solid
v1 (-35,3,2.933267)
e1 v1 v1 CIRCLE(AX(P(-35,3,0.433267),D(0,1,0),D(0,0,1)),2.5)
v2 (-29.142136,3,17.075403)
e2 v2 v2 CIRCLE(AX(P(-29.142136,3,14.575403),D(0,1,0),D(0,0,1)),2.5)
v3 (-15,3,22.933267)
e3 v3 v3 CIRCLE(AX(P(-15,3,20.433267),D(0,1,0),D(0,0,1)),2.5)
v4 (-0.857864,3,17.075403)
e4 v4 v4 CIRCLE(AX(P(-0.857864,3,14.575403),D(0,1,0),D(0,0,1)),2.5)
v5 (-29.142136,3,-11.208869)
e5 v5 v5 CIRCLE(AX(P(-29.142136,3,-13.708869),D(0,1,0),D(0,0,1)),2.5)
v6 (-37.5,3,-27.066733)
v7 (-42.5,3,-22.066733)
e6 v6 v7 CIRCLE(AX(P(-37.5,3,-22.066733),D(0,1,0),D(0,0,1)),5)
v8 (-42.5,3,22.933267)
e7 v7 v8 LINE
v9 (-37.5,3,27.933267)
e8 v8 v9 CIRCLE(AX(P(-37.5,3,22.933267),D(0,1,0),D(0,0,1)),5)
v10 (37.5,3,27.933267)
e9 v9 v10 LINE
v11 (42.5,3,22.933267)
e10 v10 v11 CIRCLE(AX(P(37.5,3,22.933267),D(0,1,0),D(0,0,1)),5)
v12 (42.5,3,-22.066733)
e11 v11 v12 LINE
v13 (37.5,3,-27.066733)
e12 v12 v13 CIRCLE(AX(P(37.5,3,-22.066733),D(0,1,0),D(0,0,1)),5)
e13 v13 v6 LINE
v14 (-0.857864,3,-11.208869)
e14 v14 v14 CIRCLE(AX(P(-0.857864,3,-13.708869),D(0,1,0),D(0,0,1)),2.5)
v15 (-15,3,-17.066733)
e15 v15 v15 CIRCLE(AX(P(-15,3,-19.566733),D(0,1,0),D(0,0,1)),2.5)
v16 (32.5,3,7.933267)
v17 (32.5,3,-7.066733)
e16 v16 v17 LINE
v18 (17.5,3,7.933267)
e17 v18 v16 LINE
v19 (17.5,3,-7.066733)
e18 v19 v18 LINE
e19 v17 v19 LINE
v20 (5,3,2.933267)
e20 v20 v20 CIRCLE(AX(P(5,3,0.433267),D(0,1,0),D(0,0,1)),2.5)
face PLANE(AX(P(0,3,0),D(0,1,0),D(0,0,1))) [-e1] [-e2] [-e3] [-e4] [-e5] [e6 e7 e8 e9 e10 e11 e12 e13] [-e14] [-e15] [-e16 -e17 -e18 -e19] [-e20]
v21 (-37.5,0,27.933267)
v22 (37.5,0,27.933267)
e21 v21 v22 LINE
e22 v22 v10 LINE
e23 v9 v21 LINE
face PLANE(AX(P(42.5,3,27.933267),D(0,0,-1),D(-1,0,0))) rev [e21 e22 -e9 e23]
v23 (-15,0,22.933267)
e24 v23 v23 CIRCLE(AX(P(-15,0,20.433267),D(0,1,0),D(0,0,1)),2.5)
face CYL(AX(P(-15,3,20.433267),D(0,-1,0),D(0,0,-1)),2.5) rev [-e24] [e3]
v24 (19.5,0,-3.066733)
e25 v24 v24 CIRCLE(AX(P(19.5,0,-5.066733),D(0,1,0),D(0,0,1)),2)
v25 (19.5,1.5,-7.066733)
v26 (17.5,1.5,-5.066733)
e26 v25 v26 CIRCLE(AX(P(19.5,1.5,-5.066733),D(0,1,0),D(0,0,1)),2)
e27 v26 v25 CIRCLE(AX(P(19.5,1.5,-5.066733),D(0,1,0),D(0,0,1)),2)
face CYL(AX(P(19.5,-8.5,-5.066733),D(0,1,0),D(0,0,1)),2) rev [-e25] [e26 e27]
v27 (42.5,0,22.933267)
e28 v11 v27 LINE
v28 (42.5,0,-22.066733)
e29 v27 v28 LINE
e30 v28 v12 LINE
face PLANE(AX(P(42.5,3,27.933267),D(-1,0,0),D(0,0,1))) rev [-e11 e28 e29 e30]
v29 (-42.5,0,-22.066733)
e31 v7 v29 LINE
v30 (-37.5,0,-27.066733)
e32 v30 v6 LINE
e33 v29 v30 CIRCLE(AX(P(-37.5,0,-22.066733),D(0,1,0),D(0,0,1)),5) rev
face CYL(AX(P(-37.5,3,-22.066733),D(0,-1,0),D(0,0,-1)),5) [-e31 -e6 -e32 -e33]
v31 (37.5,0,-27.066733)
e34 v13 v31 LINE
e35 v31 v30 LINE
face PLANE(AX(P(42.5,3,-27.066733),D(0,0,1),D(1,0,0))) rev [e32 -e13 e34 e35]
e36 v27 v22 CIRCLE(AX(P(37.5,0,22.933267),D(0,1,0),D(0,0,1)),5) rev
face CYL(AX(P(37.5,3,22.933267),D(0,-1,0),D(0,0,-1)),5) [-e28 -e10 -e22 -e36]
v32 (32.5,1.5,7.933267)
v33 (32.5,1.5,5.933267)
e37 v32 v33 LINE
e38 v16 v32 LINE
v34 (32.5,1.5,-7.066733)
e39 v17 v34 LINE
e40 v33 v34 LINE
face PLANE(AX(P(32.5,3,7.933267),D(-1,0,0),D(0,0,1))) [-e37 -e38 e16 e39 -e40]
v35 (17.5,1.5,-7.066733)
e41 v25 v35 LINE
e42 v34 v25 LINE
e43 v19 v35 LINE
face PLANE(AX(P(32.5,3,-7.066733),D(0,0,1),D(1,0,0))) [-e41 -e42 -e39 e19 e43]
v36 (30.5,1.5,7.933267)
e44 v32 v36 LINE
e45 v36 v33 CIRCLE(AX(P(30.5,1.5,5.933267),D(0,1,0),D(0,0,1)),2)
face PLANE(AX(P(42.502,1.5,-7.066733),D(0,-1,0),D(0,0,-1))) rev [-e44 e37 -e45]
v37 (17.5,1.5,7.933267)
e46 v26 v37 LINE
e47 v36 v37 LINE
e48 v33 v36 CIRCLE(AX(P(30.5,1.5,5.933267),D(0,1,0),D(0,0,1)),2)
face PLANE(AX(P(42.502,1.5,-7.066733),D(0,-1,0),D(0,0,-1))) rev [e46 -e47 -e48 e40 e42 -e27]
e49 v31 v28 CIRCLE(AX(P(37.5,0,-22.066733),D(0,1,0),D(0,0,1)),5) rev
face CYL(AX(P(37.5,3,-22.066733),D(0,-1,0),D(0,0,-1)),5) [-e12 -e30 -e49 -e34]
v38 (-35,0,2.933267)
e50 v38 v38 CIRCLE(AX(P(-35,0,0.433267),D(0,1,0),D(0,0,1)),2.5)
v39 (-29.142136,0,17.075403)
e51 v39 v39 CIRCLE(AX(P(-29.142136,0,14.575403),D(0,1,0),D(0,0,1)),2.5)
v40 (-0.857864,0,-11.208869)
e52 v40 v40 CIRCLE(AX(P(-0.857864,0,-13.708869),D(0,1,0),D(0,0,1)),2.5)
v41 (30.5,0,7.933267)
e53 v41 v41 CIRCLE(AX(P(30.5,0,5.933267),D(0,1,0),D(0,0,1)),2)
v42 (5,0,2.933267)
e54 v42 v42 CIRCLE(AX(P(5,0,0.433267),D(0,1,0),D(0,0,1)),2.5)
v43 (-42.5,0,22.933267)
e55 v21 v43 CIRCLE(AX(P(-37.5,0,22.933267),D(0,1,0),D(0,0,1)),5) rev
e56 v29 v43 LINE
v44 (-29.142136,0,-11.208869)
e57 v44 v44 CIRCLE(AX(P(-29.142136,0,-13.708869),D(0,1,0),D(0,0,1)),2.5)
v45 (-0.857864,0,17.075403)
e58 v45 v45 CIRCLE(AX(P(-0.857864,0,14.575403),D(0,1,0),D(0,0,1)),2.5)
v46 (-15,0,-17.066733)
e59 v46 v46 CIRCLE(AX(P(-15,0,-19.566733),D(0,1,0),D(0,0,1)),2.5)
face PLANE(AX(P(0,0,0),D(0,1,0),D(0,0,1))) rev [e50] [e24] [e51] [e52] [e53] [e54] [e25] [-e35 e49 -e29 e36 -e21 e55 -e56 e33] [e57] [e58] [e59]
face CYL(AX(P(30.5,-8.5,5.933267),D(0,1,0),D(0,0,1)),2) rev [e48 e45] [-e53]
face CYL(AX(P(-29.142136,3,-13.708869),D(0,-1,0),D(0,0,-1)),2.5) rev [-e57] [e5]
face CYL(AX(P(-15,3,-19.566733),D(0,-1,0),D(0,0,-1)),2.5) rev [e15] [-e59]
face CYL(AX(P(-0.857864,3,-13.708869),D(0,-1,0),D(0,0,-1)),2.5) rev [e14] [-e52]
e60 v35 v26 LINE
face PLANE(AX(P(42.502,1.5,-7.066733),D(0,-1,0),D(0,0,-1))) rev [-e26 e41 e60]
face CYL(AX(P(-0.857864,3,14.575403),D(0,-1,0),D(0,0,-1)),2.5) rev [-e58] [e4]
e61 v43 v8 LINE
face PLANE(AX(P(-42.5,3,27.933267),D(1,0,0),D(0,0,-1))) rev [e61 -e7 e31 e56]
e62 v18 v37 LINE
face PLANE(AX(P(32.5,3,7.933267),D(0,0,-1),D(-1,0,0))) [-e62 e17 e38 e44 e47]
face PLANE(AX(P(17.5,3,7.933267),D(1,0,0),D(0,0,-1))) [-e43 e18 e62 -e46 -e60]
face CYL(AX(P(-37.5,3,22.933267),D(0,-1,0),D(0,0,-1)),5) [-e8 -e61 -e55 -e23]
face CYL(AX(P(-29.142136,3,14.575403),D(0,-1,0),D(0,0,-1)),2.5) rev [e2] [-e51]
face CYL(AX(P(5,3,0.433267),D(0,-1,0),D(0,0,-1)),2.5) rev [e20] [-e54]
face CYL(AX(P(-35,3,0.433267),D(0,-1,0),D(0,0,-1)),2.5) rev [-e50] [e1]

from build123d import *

# Parameters (mm, degrees)
SKETCH1_W           = 85
SKETCH1_H           = 55
SKETCH1_R           = 2.5
SKETCH1_W_2         = 15
SKETCH1_H_2         = 15
BOSS_EXTRUDE3_DEPTH = 3
FILLET2_R           = 5
BOSS_EXTRUDE4_REACH = 27
SKETCH2_W           = 15
SKETCH2_H           = 1.5
SKETCH3_R           = 2
CUT_EXTRUDE1_DEPTH  = 10


with BuildPart() as part:
    # Sketch1 → Boss-Extrude3 (new body)
    with BuildSketch(Plane(origin=(0, 0, 0), x_dir=(1, 0, 0), z_dir=(0, 1, 0))):
        with Locations((0, -0.433266932)):
            Rectangle(SKETCH1_W, SKETCH1_H)
        with Locations((-35, -0.433266932)):
            Circle(SKETCH1_R, mode=Mode.SUBTRACT)
        with Locations((-29.142135624, 13.708868691)):
            Circle(SKETCH1_R, mode=Mode.SUBTRACT)
        with Locations((-15, 19.566733068)):
            Circle(SKETCH1_R, mode=Mode.SUBTRACT)
        with Locations((-0.857864376, 13.708868691)):
            Circle(SKETCH1_R, mode=Mode.SUBTRACT)
        with Locations((5, -0.433266932)):
            Circle(SKETCH1_R, mode=Mode.SUBTRACT)
        with Locations((-0.857864376, -14.575402556)):
            Circle(SKETCH1_R, mode=Mode.SUBTRACT)
        with Locations((-15, -20.433266932)):
            Circle(SKETCH1_R, mode=Mode.SUBTRACT)
        with Locations((-29.142135624, -14.575402556)):
            Circle(SKETCH1_R, mode=Mode.SUBTRACT)
        with Locations((25, -0.433266932)):
            Rectangle(SKETCH1_W_2, SKETCH1_H_2, mode=Mode.SUBTRACT)
    extrude(amount=BOSS_EXTRUDE3_DEPTH)

    # Fillet2
    fillet2_edges = [part.edges().sort_by_distance(p)[0] for p in [
        (42.5, 1.5, 27.933266932),
        (-42.5, 1.5, 27.933266932),
        (-42.5, 1.5, -27.066733068),
        (42.5, 1.5, -27.066733068),
    ]]
    fillet(fillet2_edges, radius=FILLET2_R)

    # Sketch2 → Boss-Extrude4 (add, up to next)
    with BuildSketch(Plane(origin=(17.5, 0, 0), x_dir=(0, 0, -1), z_dir=(1, 0, 0)), mode=Mode.PRIVATE) as boss_extrude4_sk1:
        with Locations((-0.433266932, 0.75)):
            Rectangle(SKETCH2_W, SKETCH2_H)
    boss_extrude4_tool1 = extrude(boss_extrude4_sk1.sketch, amount=BOSS_EXTRUDE4_REACH, mode=Mode.PRIVATE) - part.part
    add(boss_extrude4_tool1.solids().sort_by_distance((17.5, 0.75, 0.433267))[0])

    # Sketch3 → Cut-Extrude1 (cut)
    with BuildSketch(Plane(origin=(0, 1.5, 0), x_dir=(1, 0, 0), z_dir=(0, 1, 0))):
        with Locations((30.5, -5.933266932)):
            Circle(SKETCH3_R)
        with Locations((19.5, 5.066733068)):
            Circle(SKETCH3_R)
    extrude(amount=-CUT_EXTRUDE1_DEPTH, mode=Mode.SUBTRACT)


solid = part.part
